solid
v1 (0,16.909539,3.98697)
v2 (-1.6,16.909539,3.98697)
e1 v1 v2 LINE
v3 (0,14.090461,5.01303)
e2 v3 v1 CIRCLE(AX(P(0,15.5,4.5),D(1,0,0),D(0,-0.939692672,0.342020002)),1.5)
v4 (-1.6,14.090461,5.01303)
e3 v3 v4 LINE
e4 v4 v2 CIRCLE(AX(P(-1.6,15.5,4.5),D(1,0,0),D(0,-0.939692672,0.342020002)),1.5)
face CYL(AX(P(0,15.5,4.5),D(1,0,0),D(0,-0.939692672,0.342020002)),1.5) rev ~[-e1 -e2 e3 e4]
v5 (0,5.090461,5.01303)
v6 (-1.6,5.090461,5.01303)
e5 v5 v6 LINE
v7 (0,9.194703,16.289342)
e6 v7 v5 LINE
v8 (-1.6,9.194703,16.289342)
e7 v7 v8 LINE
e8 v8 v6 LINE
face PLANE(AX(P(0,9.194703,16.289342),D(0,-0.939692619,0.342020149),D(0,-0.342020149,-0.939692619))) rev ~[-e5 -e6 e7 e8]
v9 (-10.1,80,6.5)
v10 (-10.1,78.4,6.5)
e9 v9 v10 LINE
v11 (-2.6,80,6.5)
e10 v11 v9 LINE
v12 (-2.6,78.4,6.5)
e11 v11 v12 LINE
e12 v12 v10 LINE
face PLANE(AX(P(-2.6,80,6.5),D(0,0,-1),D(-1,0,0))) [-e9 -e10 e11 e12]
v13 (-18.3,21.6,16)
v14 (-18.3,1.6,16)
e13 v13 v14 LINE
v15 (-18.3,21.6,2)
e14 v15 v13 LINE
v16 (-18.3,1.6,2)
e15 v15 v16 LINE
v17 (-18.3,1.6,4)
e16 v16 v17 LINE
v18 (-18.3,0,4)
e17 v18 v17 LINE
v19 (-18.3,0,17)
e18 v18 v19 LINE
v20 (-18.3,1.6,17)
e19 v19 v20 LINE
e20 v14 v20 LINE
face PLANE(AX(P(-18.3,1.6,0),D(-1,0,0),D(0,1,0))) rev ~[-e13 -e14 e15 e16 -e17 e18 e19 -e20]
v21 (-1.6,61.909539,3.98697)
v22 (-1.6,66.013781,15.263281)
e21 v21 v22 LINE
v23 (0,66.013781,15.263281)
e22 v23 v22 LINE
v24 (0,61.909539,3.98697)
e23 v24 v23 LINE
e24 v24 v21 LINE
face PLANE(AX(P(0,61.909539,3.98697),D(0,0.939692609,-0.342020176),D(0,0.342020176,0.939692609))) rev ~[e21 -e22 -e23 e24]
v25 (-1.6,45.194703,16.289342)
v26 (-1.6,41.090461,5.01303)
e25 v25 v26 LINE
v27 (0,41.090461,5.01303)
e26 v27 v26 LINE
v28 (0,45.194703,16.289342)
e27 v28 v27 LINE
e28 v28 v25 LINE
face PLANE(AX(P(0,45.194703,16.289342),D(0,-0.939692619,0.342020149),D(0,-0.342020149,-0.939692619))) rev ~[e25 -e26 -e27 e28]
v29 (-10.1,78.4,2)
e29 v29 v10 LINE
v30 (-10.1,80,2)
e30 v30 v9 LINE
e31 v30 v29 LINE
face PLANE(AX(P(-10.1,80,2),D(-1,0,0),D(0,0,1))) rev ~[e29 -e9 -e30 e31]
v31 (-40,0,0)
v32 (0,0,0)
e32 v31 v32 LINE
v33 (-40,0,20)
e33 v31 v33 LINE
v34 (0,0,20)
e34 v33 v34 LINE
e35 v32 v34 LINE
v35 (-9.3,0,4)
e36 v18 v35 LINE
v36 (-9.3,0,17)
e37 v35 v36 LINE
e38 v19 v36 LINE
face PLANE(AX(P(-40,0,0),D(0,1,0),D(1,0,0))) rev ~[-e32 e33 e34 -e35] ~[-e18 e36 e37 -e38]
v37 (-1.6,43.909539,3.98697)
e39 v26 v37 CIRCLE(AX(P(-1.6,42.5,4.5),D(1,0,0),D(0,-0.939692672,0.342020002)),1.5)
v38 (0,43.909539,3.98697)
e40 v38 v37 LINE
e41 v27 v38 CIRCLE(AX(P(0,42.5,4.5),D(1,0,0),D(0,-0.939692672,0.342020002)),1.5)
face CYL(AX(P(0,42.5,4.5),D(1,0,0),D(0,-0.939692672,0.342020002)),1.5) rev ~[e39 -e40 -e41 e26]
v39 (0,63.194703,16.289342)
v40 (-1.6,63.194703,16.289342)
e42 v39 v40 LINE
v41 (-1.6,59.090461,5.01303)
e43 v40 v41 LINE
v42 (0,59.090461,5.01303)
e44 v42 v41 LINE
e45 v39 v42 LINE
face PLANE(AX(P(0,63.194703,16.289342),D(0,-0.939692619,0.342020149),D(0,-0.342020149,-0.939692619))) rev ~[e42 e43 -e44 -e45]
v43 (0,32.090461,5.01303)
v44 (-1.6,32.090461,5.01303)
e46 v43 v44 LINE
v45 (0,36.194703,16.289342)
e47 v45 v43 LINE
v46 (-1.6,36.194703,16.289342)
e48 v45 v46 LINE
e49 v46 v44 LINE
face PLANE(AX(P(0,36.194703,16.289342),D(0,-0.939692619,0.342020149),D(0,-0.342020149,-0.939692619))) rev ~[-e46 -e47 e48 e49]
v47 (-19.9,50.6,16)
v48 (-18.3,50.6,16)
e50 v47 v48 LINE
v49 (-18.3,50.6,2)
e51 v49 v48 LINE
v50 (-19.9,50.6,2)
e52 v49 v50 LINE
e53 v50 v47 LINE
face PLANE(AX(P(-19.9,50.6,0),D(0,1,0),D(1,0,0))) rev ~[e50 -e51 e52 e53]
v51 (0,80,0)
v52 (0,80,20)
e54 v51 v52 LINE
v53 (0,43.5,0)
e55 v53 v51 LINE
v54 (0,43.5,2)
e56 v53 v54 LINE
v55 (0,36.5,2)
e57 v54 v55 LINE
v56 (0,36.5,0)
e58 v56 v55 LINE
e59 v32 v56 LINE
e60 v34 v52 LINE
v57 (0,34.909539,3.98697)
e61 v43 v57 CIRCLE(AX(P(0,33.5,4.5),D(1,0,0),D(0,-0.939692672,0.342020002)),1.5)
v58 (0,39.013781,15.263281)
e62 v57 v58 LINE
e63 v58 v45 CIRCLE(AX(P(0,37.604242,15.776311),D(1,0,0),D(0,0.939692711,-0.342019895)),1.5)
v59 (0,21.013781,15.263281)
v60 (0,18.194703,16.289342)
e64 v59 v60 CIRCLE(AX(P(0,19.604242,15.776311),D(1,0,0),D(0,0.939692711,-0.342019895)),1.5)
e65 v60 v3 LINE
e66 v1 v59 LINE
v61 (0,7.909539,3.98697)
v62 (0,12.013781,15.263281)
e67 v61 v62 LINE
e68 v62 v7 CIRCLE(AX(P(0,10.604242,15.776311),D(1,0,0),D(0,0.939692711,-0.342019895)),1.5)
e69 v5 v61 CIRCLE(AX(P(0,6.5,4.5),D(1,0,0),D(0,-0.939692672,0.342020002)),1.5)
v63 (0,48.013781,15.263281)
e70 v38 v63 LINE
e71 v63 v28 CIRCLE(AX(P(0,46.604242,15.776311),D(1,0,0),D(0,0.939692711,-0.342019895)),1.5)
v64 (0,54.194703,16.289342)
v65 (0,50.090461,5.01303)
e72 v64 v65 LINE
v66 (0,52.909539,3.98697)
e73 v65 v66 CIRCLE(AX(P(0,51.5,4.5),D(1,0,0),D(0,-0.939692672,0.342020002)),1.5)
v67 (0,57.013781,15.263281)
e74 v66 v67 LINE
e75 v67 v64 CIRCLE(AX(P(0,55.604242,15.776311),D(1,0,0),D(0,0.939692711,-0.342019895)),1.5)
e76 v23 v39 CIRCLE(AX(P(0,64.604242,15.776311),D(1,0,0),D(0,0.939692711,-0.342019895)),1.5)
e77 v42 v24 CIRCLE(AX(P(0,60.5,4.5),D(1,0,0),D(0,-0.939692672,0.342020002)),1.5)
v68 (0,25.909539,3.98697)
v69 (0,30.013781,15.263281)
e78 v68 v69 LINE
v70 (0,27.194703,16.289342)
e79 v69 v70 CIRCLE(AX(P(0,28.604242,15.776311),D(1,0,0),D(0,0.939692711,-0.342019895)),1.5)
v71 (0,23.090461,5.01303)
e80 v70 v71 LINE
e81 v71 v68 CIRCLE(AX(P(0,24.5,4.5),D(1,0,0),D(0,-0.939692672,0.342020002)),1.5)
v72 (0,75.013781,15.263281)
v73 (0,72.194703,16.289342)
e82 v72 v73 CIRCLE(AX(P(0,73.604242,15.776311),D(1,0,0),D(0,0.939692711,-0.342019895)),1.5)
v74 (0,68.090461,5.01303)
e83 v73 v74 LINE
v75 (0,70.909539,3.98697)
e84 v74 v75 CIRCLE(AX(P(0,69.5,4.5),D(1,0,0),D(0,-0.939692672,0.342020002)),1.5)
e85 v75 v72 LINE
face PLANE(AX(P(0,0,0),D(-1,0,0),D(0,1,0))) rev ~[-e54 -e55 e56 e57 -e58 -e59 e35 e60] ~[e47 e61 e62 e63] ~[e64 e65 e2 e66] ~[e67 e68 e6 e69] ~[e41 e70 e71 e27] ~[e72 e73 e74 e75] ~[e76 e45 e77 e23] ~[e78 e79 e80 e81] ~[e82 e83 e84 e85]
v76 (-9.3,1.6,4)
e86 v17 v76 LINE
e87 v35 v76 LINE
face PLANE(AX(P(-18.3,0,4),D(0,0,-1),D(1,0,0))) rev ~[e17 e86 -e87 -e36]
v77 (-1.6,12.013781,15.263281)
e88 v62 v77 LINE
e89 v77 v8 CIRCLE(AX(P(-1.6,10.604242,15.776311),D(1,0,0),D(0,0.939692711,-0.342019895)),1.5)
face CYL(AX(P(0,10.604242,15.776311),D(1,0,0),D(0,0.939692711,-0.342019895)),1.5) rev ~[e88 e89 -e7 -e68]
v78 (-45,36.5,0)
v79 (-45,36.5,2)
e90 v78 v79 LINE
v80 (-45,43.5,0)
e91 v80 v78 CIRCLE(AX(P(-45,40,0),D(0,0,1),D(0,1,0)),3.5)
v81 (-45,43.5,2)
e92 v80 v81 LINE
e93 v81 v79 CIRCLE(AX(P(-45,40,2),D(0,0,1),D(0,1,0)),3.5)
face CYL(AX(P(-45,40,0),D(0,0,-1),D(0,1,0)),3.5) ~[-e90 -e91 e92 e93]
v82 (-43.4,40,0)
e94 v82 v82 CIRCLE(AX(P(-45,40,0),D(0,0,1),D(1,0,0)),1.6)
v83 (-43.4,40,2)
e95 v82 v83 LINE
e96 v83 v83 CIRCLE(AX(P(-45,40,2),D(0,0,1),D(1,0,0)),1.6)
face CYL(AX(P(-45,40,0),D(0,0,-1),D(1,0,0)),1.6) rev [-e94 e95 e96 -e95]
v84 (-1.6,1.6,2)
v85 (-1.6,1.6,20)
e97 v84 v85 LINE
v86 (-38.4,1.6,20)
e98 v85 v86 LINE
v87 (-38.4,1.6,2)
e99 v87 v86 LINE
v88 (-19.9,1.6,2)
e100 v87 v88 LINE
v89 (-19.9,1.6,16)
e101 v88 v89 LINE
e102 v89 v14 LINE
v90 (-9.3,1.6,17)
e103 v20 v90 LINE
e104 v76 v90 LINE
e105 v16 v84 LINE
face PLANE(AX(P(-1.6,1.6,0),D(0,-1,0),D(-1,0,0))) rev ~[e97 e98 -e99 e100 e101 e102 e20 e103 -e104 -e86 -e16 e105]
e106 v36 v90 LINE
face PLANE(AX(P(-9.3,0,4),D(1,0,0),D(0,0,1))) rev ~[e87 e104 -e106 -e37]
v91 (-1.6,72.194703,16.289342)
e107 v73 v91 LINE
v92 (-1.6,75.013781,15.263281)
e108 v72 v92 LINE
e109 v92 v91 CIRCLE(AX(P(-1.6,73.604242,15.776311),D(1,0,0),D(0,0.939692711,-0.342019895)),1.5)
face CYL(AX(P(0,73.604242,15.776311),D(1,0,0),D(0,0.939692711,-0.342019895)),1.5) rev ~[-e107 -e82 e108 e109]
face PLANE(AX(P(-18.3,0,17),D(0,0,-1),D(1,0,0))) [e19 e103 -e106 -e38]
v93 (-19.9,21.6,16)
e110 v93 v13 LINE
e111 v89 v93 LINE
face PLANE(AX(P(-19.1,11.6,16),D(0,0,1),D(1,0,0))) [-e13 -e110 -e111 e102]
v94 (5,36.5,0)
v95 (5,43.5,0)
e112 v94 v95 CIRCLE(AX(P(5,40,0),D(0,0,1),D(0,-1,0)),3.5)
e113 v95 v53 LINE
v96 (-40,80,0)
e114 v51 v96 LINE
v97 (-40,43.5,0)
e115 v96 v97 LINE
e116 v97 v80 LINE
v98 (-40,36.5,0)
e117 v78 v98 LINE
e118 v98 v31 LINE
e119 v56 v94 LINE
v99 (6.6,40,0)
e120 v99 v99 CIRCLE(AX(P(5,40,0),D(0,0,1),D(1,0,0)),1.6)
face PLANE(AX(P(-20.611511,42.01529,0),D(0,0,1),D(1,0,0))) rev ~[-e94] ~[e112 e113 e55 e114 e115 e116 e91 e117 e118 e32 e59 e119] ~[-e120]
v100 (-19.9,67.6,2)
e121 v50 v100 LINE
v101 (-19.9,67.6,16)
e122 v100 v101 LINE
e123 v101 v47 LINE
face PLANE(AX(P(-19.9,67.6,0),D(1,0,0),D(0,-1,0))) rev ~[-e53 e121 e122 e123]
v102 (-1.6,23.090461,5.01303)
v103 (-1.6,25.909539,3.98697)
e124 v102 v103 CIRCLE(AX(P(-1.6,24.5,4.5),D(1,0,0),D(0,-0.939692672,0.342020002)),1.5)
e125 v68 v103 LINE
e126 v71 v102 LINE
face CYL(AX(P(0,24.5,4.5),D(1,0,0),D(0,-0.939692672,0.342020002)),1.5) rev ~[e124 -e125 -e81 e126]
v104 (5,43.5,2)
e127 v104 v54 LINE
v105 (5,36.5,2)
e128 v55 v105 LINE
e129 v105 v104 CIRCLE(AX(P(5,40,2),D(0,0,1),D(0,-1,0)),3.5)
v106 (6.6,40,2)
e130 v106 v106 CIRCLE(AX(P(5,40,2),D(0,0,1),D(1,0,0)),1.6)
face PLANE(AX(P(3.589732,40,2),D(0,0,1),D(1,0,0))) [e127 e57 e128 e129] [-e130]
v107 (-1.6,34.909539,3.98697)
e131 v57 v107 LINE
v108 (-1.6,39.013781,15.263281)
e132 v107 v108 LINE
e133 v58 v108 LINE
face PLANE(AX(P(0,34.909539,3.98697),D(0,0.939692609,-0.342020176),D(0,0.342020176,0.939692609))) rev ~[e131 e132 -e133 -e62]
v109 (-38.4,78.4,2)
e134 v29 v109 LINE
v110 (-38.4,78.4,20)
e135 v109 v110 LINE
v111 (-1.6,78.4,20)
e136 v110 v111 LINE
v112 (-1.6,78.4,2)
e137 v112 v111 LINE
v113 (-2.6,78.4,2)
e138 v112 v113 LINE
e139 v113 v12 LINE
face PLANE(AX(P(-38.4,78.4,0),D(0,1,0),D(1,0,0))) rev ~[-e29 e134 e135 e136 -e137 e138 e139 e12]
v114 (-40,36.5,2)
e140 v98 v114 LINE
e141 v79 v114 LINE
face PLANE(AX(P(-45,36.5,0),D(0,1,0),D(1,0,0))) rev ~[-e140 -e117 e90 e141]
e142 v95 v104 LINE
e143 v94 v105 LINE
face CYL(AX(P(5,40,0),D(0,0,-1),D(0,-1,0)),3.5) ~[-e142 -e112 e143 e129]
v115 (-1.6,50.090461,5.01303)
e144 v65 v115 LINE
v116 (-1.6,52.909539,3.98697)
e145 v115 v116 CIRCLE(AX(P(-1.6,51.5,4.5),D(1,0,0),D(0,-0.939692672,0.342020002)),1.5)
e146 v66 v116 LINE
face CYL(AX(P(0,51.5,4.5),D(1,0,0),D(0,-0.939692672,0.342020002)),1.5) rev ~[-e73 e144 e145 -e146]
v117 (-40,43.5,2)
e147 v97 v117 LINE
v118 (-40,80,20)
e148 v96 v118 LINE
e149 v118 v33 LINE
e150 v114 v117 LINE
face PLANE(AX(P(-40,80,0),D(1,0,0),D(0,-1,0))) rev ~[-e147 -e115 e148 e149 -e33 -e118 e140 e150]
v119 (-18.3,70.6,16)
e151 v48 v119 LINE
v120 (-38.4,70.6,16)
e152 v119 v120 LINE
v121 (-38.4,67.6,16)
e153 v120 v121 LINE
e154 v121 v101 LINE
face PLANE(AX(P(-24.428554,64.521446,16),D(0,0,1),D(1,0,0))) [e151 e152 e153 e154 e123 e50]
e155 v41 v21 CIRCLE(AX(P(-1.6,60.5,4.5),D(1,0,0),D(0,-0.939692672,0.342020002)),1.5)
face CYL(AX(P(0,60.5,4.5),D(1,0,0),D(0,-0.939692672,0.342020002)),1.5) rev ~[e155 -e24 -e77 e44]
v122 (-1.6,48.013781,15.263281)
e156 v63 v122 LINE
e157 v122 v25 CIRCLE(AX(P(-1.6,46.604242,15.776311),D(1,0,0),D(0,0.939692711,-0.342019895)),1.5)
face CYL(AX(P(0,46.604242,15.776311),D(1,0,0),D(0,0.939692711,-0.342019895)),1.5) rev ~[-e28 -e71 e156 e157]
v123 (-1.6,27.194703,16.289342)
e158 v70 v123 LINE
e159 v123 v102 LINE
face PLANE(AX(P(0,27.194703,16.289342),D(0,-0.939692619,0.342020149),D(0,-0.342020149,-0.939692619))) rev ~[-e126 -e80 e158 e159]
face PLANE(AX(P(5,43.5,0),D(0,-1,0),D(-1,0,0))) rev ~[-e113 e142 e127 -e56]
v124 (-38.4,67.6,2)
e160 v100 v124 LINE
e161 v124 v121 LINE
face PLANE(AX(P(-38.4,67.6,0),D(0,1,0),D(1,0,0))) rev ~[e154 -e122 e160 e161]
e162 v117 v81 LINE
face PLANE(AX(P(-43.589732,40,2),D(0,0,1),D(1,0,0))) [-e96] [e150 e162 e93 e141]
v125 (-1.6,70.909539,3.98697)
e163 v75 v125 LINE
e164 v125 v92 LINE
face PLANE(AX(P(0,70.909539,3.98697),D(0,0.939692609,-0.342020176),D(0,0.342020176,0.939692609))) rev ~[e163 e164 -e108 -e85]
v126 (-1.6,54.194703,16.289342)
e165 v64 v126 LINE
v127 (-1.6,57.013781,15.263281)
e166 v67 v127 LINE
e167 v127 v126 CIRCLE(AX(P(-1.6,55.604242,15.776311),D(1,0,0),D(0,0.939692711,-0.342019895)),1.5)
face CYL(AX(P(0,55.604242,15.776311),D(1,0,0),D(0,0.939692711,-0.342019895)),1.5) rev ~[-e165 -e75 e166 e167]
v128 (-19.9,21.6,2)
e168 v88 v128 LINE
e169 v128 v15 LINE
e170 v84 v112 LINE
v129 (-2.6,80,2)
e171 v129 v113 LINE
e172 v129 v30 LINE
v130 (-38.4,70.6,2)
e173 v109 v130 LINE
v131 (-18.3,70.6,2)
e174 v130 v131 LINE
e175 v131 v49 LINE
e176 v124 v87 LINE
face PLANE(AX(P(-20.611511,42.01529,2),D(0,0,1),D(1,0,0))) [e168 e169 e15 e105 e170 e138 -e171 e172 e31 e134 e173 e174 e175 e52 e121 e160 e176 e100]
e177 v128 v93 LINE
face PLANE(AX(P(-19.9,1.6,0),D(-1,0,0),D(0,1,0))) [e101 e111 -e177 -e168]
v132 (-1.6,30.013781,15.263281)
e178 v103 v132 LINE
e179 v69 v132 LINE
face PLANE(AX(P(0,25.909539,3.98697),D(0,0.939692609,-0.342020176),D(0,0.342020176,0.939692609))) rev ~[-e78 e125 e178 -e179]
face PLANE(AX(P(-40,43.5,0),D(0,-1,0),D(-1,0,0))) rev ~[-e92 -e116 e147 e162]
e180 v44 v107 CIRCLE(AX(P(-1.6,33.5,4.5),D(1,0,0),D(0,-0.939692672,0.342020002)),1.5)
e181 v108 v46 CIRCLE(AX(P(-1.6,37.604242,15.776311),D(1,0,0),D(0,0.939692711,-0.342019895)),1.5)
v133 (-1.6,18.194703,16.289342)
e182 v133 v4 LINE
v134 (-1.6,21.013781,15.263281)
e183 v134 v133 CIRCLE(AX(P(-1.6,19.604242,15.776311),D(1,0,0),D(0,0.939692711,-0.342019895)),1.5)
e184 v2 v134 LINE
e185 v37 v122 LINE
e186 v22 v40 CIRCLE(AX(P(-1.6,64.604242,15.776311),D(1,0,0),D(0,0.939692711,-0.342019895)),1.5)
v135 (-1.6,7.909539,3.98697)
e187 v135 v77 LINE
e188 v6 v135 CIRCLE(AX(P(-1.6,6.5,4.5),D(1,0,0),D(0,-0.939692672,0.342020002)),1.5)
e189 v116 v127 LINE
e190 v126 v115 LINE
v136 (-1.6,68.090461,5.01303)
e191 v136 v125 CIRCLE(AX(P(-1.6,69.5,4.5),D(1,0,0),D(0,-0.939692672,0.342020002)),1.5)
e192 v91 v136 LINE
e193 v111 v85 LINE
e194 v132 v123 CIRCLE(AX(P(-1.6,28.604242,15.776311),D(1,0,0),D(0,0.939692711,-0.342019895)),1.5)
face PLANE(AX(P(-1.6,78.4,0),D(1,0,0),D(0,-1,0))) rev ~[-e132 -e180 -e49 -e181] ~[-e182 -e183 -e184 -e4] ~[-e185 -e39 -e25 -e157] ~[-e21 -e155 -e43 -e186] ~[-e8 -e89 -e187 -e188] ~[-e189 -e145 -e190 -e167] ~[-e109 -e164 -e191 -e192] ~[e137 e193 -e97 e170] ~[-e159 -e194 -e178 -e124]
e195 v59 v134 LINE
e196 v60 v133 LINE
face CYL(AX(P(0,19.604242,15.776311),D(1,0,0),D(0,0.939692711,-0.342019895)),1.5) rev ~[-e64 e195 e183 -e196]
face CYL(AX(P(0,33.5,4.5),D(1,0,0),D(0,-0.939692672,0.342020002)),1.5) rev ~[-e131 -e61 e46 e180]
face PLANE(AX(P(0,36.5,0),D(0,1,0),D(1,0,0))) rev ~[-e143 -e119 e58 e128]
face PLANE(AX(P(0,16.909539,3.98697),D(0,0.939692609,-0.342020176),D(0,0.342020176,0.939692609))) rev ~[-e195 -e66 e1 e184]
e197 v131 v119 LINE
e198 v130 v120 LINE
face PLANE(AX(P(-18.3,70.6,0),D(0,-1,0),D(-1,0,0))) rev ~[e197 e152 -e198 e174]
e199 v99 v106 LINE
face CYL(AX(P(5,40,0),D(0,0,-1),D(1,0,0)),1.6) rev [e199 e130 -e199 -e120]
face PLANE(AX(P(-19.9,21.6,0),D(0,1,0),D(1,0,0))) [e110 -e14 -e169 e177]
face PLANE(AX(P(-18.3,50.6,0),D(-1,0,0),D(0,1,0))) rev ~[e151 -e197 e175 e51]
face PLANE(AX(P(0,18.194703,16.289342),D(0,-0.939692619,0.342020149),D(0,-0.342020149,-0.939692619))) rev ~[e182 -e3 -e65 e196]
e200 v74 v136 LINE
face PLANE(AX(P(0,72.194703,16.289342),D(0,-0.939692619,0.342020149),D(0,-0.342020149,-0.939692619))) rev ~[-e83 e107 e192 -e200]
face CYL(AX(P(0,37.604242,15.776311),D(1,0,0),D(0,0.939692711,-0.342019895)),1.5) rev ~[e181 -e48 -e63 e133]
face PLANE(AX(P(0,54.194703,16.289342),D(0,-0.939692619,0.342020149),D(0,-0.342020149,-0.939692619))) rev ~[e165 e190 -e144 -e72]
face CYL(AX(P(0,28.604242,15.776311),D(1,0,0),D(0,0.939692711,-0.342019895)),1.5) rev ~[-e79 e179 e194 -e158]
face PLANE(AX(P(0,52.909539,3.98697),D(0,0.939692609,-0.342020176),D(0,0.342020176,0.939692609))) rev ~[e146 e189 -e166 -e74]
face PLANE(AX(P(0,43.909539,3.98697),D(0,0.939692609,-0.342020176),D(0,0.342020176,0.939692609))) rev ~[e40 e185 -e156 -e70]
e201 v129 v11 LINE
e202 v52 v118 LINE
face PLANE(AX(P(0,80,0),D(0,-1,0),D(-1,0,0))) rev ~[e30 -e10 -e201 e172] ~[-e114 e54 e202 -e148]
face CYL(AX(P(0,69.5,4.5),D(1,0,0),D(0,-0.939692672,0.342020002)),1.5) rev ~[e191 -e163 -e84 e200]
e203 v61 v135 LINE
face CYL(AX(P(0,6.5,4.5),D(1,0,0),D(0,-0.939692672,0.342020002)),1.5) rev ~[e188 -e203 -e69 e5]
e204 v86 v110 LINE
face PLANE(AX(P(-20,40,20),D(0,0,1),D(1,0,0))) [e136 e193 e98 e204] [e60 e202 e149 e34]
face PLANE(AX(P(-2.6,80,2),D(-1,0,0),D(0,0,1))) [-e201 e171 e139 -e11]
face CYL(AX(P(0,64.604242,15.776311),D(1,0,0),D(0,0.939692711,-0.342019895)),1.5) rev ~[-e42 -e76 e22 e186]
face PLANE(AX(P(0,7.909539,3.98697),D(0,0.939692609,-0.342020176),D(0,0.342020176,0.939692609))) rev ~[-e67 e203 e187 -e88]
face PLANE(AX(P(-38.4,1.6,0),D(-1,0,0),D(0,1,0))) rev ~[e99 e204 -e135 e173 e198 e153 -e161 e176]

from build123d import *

# Parameters (mm, degrees)
F1_DEPTH  = 20
F2_DEPTH  = 2
F0_W      = 1.6
F0_H      = 20
F3_DEPTH  = 16
F4_W      = 9
F4_H      = 13
F5_DEPTH  = 10
F7_DEPTH  = 5
F8_W      = 7.5
F8_H      = 4.5
F9_DEPTH  = 5
F0_R      = 1.6
F10_DEPTH = 2


with BuildPart() as f1:
    # F0 (on Top) → F1 (new body)
    with BuildSketch(Plane.XY):
        Polygon((-40, 0), (0, 0), (0, 36.5), (0, 43.5), (0, 80), (-40, 80), (-40, 43.5), (-40, 36.5), align=None)
        Polygon((-1.6, 78.4), (-1.6, 1.6), (-18.3, 1.6), (-19.9, 1.6), (-38.4, 1.6), (-38.4, 67.6), (-38.4, 70.6), (-38.4, 78.4), align=None, mode=Mode.SUBTRACT)
    extrude(amount=F1_DEPTH)

    # F0 (on Top) → F2 (join)
    with BuildSketch(Plane.XY):
        Polygon((-18.3, 1.6), (-1.6, 1.6), (-1.6, 78.4), (-38.4, 78.4), (-38.4, 70.6), (-18.3, 70.6), (-18.3, 50.6), (-19.9, 50.6), (-19.9, 67.6), (-38.4, 67.6), (-38.4, 1.6), (-19.9, 1.6), (-19.9, 21.6), (-18.3, 21.6), align=None)
    extrude(amount=F2_DEPTH)

    # F0 (on Top) → F3 (join)
    with BuildSketch(Plane.XY):
        Polygon((-18.3, 70.6), (-38.4, 70.6), (-38.4, 67.6), (-19.9, 67.6), (-19.9, 50.6), (-18.3, 50.6), align=None)
        with Locations((-19.1, 11.6)):
            Rectangle(F0_W, F0_H)
    extrude(amount=F3_DEPTH)

    # F4 (on face) → F5 (cut)
    with BuildSketch(Plane.XZ):
        with Locations((-13.8, 10.5)):
            Rectangle(F4_W, F4_H)
    extrude(amount=-F5_DEPTH, mode=Mode.SUBTRACT)

    # F6 (on face) → F7 (cut)
    with BuildSketch(Plane.YZ):
        with BuildLine():
            Line((9.194703, 16.289342), (5.090461, 5.01303))
            ThreePointArc((5.090461, 5.01303), (5.98697, 3.090461), (7.909539, 3.98697))
            Line((7.909539, 3.98697), (12.013781, 15.263281))
            ThreePointArc((12.013781, 15.263281), (11.117272, 17.18585), (9.194703, 16.289342))
        make_face()
        with BuildLine():
            Line((16.909539, 3.98697), (21.013781, 15.263281))
            ThreePointArc((21.013781, 15.263281), (20.117272, 17.18585), (18.194703, 16.289342))
            Line((18.194703, 16.289342), (14.090461, 5.01303))
            ThreePointArc((14.090461, 5.01303), (14.98697, 3.090461), (16.909539, 3.98697))
        make_face()
        with BuildLine():
            Line((25.909539, 3.98697), (30.013781, 15.263281))
            ThreePointArc((30.013781, 15.263281), (29.117272, 17.18585), (27.194703, 16.289342))
            Line((27.194703, 16.289342), (23.090461, 5.01303))
            ThreePointArc((23.090461, 5.01303), (23.98697, 3.090461), (25.909539, 3.98697))
        make_face()
        with BuildLine():
            Line((34.909539, 3.98697), (39.013781, 15.263281))
            ThreePointArc((39.013781, 15.263281), (38.117272, 17.18585), (36.194703, 16.289342))
            Line((36.194703, 16.289342), (32.090461, 5.01303))
            ThreePointArc((32.090461, 5.01303), (32.98697, 3.090461), (34.909539, 3.98697))
        make_face()
        with BuildLine():
            Line((43.909539, 3.98697), (48.013781, 15.263281))
            ThreePointArc((48.013781, 15.263281), (47.117272, 17.18585), (45.194703, 16.289342))
            Line((45.194703, 16.289342), (41.090461, 5.01303))
            ThreePointArc((41.090461, 5.01303), (41.98697, 3.090461), (43.909539, 3.98697))
        make_face()
        with BuildLine():
            Line((52.909539, 3.98697), (57.013781, 15.263281))
            ThreePointArc((57.013781, 15.263281), (56.117272, 17.18585), (54.194703, 16.289342))
            Line((54.194703, 16.289342), (50.090461, 5.01303))
            ThreePointArc((50.090461, 5.01303), (50.98697, 3.090461), (52.909539, 3.98697))
        make_face()
        with BuildLine():
            Line((61.909539, 3.98697), (66.013781, 15.263281))
            ThreePointArc((66.013781, 15.263281), (65.117272, 17.18585), (63.194703, 16.289342))
            Line((63.194703, 16.289342), (59.090461, 5.01303))
            ThreePointArc((59.090461, 5.01303), (59.98697, 3.090461), (61.909539, 3.98697))
        make_face()
        with BuildLine():
            Line((70.909539, 3.98697), (75.013781, 15.263281))
            ThreePointArc((75.013781, 15.263281), (74.117272, 17.18585), (72.194703, 16.289342))
            Line((72.194703, 16.289342), (68.090461, 5.01303))
            ThreePointArc((68.090461, 5.01303), (68.98697, 3.090461), (70.909539, 3.98697))
        make_face()
    extrude(amount=-F7_DEPTH, mode=Mode.SUBTRACT)

    # F8 (on face) → F9 (cut)
    with BuildSketch(Plane(origin=(0, 80, 0), x_dir=(-1, 0, 0), z_dir=(0, 1, 0))):
        with Locations((6.35, 4.25)):
            Rectangle(F8_W, F8_H)
    extrude(amount=-F9_DEPTH, mode=Mode.SUBTRACT)

    # F0 (on Top) → F10 (join)
    with BuildSketch(Plane.XY):
        with BuildLine():
            Line((-45, 36.5), (-40, 36.5))
            Line((-40, 36.5), (-40, 43.5))
            Line((-40, 43.5), (-45, 43.5))
            ThreePointArc((-45, 43.5), (-48.5, 40), (-45, 36.5))
        make_face()
        with Locations((-45, 40)):
            Circle(F0_R, mode=Mode.SUBTRACT)
        with BuildLine():
            Line((0, 43.5), (0, 36.5))
            Line((0, 36.5), (5, 36.5))
            ThreePointArc((5, 36.5), (8.5, 40), (5, 43.5))
            Line((5, 43.5), (0, 43.5))
        make_face()
        with Locations((5, 40)):
            Circle(F0_R, mode=Mode.SUBTRACT)
    extrude(amount=F10_DEPTH)


solid = f1.part
